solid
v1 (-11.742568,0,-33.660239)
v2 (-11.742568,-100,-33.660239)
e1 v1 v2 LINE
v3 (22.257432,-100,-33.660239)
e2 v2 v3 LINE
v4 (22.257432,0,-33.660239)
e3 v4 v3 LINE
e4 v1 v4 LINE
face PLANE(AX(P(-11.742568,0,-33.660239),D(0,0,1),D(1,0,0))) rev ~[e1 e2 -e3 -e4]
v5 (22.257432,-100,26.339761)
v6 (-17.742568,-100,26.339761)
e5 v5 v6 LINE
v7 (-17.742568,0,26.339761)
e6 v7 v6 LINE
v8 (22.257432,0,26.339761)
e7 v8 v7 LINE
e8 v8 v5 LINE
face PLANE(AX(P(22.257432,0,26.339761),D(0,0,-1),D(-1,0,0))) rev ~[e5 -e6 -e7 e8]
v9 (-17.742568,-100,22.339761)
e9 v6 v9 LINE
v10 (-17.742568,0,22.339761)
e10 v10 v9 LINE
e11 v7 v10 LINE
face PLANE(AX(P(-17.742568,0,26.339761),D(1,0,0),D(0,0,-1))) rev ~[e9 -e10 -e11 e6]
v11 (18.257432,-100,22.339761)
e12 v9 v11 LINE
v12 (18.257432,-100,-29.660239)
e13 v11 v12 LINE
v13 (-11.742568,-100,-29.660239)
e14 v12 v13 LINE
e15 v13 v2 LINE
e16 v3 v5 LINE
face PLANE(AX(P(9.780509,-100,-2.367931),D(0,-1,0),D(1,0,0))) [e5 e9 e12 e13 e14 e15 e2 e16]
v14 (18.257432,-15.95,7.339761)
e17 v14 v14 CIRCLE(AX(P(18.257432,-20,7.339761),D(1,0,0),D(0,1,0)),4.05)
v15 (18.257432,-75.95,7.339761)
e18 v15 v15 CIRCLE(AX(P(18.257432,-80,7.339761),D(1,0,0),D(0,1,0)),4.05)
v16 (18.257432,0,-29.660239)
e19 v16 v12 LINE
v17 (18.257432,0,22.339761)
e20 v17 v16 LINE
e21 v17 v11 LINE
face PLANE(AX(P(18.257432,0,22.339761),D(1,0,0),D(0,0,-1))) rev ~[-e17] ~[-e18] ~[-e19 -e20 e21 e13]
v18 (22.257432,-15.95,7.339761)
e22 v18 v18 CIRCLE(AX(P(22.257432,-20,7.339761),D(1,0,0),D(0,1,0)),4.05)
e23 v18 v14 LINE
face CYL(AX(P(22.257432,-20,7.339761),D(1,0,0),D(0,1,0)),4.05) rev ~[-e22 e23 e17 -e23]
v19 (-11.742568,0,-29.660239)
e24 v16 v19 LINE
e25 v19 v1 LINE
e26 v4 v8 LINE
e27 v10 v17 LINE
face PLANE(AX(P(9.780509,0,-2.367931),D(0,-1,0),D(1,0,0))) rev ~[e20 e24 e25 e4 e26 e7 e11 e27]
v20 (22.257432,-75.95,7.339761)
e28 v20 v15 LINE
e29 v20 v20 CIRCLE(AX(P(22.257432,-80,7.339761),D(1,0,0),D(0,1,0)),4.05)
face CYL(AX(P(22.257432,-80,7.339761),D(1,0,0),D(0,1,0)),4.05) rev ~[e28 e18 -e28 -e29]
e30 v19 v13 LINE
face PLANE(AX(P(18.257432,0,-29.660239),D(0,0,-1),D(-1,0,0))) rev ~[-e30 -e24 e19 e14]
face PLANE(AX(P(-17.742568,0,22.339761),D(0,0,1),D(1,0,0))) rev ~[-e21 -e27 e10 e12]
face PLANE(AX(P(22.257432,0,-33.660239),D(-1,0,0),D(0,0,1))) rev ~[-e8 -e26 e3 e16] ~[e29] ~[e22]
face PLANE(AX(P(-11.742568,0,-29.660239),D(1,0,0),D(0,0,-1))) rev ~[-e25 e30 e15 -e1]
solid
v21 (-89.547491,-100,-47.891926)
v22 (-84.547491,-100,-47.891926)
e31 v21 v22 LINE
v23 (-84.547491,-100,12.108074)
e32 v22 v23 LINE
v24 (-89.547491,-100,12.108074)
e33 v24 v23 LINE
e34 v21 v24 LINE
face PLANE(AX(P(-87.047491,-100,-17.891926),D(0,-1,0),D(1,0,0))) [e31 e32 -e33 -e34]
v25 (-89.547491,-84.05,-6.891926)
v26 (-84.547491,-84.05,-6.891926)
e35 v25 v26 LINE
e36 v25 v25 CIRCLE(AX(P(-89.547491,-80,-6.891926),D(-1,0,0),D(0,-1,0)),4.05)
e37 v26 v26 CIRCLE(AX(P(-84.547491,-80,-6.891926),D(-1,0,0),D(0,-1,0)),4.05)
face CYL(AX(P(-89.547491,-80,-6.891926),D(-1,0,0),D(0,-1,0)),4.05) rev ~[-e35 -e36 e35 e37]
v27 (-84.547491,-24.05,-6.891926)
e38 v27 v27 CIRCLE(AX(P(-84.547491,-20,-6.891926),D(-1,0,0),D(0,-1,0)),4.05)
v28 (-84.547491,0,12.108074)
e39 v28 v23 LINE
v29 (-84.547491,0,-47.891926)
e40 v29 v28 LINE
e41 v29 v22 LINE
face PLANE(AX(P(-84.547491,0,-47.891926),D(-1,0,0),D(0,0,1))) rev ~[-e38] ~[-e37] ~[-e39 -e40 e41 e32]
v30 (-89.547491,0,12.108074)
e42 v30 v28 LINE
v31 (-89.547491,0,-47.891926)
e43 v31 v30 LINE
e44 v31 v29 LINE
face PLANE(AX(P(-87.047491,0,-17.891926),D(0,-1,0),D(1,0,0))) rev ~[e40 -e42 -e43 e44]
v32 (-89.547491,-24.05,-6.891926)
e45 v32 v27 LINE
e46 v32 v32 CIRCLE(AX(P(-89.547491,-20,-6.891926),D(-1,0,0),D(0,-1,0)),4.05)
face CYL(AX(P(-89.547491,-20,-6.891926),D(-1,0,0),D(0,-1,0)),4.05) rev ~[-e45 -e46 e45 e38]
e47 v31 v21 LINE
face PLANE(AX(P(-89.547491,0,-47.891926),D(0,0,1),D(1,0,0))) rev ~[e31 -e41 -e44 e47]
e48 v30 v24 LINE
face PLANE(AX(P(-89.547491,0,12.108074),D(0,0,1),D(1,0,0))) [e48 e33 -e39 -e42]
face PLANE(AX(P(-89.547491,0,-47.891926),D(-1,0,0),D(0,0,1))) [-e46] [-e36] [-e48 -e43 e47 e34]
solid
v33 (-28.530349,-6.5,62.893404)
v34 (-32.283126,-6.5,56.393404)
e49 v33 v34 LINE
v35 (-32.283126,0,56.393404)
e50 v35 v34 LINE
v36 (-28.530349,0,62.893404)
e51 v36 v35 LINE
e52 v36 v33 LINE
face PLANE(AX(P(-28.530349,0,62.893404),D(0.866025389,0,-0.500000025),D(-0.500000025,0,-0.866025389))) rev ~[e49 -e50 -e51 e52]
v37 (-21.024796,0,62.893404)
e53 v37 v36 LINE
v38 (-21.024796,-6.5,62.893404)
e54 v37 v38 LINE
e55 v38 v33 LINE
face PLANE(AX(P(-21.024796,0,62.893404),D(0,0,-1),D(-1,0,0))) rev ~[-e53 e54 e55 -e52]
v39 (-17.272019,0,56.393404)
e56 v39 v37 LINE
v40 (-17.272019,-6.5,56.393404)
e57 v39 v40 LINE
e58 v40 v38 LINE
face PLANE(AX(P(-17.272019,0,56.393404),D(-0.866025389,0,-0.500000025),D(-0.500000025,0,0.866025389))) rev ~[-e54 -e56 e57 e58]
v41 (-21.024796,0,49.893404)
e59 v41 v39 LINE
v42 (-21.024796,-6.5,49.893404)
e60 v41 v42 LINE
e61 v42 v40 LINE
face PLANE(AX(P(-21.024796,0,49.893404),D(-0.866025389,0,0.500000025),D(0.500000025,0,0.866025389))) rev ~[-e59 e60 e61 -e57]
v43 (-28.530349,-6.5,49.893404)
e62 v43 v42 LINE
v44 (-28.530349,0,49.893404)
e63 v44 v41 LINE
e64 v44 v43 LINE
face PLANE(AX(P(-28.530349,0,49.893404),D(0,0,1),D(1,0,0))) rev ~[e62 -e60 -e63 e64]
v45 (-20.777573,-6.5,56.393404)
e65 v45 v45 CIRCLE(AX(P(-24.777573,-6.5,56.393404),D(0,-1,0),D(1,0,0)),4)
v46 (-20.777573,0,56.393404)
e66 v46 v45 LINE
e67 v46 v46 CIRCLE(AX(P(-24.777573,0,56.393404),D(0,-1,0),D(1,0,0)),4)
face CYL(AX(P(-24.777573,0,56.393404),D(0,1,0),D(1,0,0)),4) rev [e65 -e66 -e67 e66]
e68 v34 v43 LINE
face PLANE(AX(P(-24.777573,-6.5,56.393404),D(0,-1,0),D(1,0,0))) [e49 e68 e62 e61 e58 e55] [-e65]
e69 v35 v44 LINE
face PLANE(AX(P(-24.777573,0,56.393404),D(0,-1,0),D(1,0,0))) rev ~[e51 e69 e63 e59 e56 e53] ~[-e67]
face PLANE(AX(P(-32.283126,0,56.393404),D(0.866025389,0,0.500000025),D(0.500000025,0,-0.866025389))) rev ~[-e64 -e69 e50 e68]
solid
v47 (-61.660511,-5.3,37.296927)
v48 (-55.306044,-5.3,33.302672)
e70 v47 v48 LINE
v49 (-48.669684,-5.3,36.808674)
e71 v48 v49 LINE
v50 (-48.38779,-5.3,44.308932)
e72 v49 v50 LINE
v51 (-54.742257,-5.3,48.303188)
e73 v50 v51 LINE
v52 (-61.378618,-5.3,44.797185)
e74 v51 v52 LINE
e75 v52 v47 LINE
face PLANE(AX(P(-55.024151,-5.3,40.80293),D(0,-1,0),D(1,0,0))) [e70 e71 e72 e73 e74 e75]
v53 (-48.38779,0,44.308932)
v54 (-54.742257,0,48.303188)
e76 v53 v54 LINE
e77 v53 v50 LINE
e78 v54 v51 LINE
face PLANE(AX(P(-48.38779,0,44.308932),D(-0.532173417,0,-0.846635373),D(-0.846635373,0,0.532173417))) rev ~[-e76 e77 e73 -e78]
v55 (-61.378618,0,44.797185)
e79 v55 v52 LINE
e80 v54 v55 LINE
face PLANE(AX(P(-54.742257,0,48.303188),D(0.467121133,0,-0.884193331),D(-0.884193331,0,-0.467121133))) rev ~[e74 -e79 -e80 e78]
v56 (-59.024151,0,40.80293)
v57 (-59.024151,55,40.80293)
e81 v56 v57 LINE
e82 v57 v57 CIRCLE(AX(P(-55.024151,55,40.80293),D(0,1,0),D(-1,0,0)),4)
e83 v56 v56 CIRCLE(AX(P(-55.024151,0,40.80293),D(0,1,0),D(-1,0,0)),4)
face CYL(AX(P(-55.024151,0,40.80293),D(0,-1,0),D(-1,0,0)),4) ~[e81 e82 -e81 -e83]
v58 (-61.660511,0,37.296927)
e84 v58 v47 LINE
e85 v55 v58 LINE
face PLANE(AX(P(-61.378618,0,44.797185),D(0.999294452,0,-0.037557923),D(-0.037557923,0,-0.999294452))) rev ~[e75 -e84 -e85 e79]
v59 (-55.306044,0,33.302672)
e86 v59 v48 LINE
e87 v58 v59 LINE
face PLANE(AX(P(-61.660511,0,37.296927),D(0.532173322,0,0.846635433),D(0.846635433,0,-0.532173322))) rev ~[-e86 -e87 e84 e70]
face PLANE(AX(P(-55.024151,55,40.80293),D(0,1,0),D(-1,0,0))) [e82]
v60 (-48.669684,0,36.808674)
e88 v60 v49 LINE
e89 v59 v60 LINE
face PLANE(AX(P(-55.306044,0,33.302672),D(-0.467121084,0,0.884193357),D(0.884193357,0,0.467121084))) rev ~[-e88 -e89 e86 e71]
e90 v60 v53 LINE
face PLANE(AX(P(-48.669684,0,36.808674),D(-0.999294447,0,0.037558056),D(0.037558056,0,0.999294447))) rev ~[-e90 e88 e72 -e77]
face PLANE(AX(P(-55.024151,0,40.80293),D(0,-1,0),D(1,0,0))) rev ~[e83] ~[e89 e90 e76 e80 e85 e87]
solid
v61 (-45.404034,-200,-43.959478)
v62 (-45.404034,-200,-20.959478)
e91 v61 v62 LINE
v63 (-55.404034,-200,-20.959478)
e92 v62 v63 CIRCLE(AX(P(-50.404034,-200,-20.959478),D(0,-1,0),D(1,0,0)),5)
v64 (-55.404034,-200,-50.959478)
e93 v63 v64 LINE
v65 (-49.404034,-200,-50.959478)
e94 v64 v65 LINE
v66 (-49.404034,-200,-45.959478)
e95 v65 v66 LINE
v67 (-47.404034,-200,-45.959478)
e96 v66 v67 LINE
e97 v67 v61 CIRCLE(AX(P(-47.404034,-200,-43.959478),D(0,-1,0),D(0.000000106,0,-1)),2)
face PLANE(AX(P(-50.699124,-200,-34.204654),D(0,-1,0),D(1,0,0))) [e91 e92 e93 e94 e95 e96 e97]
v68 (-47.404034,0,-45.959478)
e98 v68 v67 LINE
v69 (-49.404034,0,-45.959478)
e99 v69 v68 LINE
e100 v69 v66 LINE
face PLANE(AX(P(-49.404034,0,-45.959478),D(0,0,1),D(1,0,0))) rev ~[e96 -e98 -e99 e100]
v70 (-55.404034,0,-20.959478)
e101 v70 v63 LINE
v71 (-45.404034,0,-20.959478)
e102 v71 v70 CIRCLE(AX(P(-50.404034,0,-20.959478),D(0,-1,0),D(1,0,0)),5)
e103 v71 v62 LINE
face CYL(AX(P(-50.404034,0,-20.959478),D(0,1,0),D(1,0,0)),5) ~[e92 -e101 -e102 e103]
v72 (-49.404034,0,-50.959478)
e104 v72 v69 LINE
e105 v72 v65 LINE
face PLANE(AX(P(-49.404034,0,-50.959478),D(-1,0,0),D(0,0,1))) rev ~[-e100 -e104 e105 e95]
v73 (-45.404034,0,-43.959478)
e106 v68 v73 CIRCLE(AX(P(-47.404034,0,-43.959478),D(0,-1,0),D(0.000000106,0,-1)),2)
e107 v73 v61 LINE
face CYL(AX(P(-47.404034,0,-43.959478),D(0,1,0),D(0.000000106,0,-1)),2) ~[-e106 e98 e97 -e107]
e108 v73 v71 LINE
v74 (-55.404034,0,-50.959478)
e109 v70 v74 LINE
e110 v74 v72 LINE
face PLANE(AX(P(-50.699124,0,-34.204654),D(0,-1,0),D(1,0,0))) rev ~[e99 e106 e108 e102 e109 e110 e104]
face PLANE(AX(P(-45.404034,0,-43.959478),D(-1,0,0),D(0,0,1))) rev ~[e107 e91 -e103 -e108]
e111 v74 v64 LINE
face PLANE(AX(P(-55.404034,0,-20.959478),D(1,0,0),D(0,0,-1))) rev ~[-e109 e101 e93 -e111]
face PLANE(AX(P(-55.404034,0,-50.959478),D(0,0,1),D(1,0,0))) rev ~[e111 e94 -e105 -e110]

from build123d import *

# Parameters (mm, degrees)
F0_W      = 5
F0_H      = 60
F1_DEPTH  = 100
F3_DEPTH  = 100
F4_R      = 4.05
F5_DEPTH  = 4
F6_R      = 4.05
F7_DEPTH  = 5
F9_DEPTH  = 200
F11_DEPTH = 5.3
F12_R     = 4
F13_DEPTH = 55
F14_R     = 4
F15_DEPTH = 6.5


with BuildPart() as f1:
    # F0 (on Front) → F1 (new body)
    with BuildSketch(Plane.XZ):
        with Locations((-87.047491, -17.891926)):
            Rectangle(F0_W, F0_H)
    extrude(amount=F1_DEPTH)

    # F6 (on face) → F7 (cut)
    with BuildSketch(Plane(origin=(-89.547491, 0, 0), x_dir=(0, -1, 0), z_dir=(-1, 0, 0))):
        with Locations((20, -6.891926)):
            Circle(F6_R)
        with Locations((80, -6.891926)):
            Circle(F6_R)
    extrude(amount=-F7_DEPTH, mode=Mode.SUBTRACT)


with BuildPart() as f3:
    # F2 (on Front) → F3 (new body)
    with BuildSketch(Plane.XZ):
        Polygon((22.257432, 26.339761), (-17.742568, 26.339761), (-17.742568, 22.339761), (18.257432, 22.339761), (18.257432, -29.660239), (-11.742568, -29.660239), (-11.742568, -33.660239), (22.257432, -33.660239), align=None)
    extrude(amount=F3_DEPTH)

    # F4 (on face) → F5 (cut)
    with BuildSketch(Plane.YZ.offset(22.257432)):
        with Locations((-20, 7.339761)):
            Circle(F4_R)
        with Locations((-80, 7.339761)):
            Circle(F4_R)
    extrude(amount=-F5_DEPTH, mode=Mode.SUBTRACT)


with BuildPart() as f9:
    # F8 (on Front) → F9 (new body)
    with BuildSketch(Plane.XZ):
        with BuildLine():
            Line((-45.404034, -43.959478), (-45.404034, -20.959478))
            ThreePointArc((-45.404034, -20.959478), (-50.404034, -15.959478), (-55.404034, -20.959478))
            Line((-55.404034, -20.959478), (-55.404034, -45.959478))
            Line((-55.404034, -45.959478), (-55.404034, -50.959478))
            Line((-55.404034, -50.959478), (-49.404034, -50.959478))
            Line((-49.404034, -50.959478), (-49.404034, -45.959478))
            Line((-49.404034, -45.959478), (-47.404034, -45.959478))
            ThreePointArc((-47.404034, -45.959478), (-45.98982, -45.373691), (-45.404034, -43.959478))
        make_face()
    extrude(amount=F9_DEPTH)


with BuildPart() as f11:
    # F10 (on Front) → F11 (new body)
    with BuildSketch(Plane.XZ):
        Polygon((-55.306044, 33.302672), (-48.669684, 36.808674), (-48.38779, 44.308932), (-54.742257, 48.303188), (-61.378618, 44.797185), (-61.660511, 37.296927), align=None)
    extrude(amount=F11_DEPTH)

    # F12 (on face) → F13 (join)
    with BuildSketch(Plane(origin=(0, 0, 0), x_dir=(-1, 0, 0), z_dir=(0, 1, 0))):
        with Locations((55.024151, 40.80293)):
            Circle(F12_R)
    extrude(amount=F13_DEPTH)


with BuildPart() as f15:
    # F14 (on Front) → F15 (new body)
    with BuildSketch(Plane.XZ):
        Polygon((-28.530349, 49.893404), (-21.024796, 49.893404), (-17.272019, 56.393404), (-21.024796, 62.893404), (-28.530349, 62.893404), (-32.283126, 56.393404), align=None)
        with Locations((-24.777573, 56.393404)):
            Circle(F14_R, mode=Mode.SUBTRACT)
    extrude(amount=F15_DEPTH)


solid = Compound([f1.part, f3.part, f9.part, f11.part, f15.part])
